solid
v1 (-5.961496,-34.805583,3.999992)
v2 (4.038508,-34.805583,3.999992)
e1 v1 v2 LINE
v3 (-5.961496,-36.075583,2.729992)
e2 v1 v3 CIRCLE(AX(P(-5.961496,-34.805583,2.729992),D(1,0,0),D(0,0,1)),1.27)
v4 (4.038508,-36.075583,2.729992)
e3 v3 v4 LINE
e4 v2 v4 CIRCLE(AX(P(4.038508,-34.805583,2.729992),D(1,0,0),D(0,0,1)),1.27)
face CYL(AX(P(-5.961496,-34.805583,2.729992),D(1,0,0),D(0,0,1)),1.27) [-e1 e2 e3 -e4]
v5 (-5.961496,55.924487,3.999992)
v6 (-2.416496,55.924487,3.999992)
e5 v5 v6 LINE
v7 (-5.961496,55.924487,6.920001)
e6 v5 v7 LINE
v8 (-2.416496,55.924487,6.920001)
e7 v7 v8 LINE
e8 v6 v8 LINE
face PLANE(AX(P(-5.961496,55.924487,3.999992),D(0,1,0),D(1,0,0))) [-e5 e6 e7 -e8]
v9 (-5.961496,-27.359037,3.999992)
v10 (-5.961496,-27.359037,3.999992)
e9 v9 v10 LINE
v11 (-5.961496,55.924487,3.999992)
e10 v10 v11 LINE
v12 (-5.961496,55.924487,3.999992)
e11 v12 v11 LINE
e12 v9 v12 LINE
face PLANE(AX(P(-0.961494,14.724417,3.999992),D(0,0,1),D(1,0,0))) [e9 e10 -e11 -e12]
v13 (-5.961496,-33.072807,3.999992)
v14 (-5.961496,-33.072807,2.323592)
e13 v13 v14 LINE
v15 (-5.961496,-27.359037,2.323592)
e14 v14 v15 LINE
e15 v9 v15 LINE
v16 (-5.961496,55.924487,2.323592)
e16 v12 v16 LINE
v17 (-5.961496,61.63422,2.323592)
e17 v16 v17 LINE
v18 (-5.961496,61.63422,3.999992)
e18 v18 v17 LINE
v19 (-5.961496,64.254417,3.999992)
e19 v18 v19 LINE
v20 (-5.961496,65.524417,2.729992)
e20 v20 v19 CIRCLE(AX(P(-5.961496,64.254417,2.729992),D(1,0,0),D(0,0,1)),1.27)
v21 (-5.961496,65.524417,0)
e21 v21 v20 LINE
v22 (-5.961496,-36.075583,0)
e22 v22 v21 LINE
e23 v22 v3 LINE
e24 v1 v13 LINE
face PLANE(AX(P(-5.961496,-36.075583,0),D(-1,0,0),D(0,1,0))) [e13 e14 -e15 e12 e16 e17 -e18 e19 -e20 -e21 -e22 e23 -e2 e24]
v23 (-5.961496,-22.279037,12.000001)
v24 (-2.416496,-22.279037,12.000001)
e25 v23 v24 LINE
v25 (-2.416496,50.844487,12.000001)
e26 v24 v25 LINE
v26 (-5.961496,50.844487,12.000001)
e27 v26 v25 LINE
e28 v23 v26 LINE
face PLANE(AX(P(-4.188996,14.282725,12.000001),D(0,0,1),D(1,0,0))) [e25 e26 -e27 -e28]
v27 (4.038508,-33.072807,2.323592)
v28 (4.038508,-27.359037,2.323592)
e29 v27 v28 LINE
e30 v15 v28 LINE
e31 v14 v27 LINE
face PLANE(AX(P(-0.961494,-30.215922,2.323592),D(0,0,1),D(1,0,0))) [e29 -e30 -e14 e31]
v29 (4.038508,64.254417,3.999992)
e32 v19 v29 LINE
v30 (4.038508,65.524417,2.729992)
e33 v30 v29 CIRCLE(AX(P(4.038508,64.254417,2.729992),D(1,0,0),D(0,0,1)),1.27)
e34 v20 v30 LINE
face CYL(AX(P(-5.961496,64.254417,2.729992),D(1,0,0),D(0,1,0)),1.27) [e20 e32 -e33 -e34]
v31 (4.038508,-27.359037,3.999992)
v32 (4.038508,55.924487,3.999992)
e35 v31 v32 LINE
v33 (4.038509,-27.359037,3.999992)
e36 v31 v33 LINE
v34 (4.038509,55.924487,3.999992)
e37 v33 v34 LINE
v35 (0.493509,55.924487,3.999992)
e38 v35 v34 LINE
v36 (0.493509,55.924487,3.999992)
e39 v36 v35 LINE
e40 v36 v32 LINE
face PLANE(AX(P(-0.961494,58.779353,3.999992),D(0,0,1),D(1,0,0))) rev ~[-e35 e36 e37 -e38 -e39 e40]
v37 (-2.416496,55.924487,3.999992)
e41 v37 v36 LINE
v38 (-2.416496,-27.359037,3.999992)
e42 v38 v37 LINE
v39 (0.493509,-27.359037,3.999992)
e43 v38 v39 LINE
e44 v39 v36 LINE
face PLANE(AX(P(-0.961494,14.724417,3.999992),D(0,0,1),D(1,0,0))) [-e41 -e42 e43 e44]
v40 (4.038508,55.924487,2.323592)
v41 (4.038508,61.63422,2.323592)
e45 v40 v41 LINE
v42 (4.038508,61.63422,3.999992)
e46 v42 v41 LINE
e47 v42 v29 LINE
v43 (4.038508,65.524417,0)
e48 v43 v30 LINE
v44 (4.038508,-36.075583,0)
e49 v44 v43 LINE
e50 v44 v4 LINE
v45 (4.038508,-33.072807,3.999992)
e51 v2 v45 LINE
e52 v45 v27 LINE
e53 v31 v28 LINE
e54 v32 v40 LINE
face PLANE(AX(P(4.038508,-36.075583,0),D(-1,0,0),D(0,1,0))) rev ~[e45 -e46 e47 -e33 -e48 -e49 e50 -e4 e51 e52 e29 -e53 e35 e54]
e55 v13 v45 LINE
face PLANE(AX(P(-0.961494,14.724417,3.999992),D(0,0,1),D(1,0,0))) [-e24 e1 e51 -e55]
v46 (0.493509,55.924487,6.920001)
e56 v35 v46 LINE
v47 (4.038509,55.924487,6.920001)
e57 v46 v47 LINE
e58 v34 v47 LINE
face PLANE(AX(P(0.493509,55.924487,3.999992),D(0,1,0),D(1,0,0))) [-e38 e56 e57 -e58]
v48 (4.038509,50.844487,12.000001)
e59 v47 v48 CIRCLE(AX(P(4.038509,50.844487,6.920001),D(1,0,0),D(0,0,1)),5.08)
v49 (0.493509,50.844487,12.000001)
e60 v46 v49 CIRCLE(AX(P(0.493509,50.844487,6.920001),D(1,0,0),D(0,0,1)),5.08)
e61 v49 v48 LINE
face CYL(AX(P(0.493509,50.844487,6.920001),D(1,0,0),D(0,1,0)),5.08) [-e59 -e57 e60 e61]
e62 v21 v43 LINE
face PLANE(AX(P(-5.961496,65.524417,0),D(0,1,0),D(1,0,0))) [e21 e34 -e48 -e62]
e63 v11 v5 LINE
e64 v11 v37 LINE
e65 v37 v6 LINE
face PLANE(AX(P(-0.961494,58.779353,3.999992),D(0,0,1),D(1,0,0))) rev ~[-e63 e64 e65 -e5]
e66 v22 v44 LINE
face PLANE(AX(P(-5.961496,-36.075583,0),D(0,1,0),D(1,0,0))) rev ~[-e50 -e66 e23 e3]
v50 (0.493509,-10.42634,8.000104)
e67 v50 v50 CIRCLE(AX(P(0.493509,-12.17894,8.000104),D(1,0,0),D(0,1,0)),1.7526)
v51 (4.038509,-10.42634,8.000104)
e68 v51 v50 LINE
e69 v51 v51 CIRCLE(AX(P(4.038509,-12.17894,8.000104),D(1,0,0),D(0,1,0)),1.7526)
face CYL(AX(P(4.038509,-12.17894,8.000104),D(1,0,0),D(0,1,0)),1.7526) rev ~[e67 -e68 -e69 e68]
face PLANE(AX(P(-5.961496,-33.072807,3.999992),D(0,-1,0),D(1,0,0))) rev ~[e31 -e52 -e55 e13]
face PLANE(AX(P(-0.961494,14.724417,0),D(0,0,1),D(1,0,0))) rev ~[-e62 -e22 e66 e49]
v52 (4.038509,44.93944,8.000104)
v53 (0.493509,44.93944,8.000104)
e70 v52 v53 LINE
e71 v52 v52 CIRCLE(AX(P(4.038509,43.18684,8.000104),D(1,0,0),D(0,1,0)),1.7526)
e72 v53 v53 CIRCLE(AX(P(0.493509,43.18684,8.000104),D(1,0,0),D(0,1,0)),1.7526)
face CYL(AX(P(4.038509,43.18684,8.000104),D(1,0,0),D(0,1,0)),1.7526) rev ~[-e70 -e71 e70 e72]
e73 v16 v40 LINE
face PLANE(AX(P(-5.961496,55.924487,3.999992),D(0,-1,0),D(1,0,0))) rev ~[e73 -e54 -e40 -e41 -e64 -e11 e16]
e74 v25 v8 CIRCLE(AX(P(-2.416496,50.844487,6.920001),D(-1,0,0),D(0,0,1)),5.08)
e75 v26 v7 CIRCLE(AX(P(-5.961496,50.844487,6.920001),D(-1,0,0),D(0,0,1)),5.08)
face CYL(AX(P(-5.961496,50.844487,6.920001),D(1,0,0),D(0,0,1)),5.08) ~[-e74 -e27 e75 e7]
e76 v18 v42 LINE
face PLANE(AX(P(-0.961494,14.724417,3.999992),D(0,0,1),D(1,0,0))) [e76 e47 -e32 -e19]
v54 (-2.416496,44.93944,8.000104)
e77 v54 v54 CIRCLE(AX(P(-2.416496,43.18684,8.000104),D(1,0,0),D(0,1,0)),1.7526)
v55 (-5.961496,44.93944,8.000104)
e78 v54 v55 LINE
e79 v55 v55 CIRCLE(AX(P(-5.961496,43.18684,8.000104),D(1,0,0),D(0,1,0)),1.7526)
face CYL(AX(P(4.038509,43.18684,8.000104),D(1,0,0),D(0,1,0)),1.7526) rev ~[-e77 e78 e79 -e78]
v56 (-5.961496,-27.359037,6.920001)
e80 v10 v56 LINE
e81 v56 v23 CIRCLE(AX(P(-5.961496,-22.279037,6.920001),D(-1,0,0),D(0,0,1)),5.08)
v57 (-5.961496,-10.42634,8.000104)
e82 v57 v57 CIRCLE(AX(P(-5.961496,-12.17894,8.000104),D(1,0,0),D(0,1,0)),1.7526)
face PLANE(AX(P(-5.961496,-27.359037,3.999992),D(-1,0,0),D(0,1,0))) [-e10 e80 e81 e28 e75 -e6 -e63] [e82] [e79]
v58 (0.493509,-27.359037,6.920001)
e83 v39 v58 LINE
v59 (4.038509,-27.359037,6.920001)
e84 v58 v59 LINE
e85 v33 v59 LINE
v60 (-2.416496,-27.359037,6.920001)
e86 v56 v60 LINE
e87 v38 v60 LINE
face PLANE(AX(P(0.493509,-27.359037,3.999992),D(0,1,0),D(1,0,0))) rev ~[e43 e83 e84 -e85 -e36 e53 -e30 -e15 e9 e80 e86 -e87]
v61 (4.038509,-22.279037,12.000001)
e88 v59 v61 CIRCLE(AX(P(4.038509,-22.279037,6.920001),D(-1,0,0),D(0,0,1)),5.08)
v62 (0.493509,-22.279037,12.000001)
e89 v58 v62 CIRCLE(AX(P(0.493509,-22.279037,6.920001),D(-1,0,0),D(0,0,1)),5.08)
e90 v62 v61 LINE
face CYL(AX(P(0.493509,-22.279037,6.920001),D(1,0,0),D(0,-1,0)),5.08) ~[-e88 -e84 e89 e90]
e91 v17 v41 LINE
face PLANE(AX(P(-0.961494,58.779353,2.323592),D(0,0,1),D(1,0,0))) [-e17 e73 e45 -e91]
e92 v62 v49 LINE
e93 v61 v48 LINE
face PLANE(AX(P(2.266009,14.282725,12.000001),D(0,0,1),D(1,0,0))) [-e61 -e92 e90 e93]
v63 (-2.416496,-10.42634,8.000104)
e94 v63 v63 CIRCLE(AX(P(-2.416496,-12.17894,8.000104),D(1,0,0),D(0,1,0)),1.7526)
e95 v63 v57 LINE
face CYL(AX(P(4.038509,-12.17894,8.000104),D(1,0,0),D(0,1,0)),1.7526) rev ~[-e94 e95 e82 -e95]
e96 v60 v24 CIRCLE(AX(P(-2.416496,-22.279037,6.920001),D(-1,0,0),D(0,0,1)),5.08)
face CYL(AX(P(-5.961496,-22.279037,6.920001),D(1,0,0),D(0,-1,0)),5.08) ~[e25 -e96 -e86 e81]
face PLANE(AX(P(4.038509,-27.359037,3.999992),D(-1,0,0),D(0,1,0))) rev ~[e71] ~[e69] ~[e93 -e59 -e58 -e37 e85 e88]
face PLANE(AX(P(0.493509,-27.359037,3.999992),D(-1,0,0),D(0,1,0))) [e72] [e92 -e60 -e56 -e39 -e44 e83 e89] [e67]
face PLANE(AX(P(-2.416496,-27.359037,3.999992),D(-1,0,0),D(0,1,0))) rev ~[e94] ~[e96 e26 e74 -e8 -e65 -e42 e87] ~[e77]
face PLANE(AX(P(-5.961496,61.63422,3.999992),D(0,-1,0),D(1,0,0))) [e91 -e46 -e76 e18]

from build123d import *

# Parameters (mm, degrees)
F0_W     = 10.000005
F0_H     = 101.6
F1_DEPTH = 3.999992
F2_W     = 3.545
F2_H     = 83.283524
F3_DEPTH = 8.000009
F4_W     = 10.000005
F4_H     = 5.709733
F4_H_2   = 5.71377
F5_DEPTH = 1.6764
F6_DEPTH = 1.6764
F7_R     = 1.7526
F8_DEPTH = 25.4
F9_R     = 5.08
F10_R    = 5.08
F11_R    = 1.27
F12_R    = 5.08
F13_R    = 5.08
F14_R    = 1.27


with BuildPart() as f1:
    # F0 (on Top) → F1 (new body)
    with BuildSketch(Plane.XY):
        with Locations((-0.961494, 14.724417)):
            Rectangle(F0_W, F0_H)
    extrude(amount=F1_DEPTH)

    # F2 (on face) → F3 (join)
    with BuildSketch(Plane.XY.offset(3.999992)):
        with Locations((2.266009, 14.282725)):
            Rectangle(F2_W, F2_H)
        with Locations((-4.188996, 14.282725)):
            Rectangle(F2_W, F2_H)
    extrude(amount=F3_DEPTH)

    # F4 (on face) → F5 (cut)
    with BuildSketch(Plane.XY.offset(3.999992)):
        with Locations((-0.961494, 58.779353)):
            Rectangle(F4_W, F4_H)
        with Locations((-0.961494, -30.215922)):
            Rectangle(F4_W, F4_H_2)
    extrude(amount=-F5_DEPTH, mode=Mode.SUBTRACT)

    # F4 (on face) → F6 (cut)
    with BuildSketch(Plane.XY.offset(3.999992)):
        with Locations((-0.961494, 58.779353)):
            Rectangle(F4_W, F4_H)
        with Locations((-0.961494, -30.215922)):
            Rectangle(F4_W, F4_H_2)
    extrude(amount=-F6_DEPTH, mode=Mode.SUBTRACT)

    # F7 (on face) → F8 (cut)
    with BuildSketch(Plane.YZ.offset(4.038509)):
        with Locations((-12.17894, 8.000104)):
            Circle(F7_R)
        with Locations((43.18684, 8.000104)):
            Circle(F7_R)
    extrude(amount=-F8_DEPTH, mode=Mode.SUBTRACT)

    # F9
    f9_edges = [f1.edges().sort_by_distance(p)[0] for p in [
        (-4.188996, -27.359037, 12.000001),
    ]]
    fillet(f9_edges, radius=F9_R)

    # F10
    f10_edges = [f1.edges().sort_by_distance(p)[0] for p in [
        (2.266009, -27.359037, 12.000001),
    ]]
    fillet(f10_edges, radius=F10_R)

    # F11
    f11_edges = [f1.edges().sort_by_distance(p)[0] for p in [
        (-0.961494, -36.075583, 3.999992),
    ]]
    fillet(f11_edges, radius=F11_R)

    # F12
    f12_edges = [f1.edges().sort_by_distance(p)[0] for p in [
        (2.266009, 55.924487, 12.000001),
    ]]
    fillet(f12_edges, radius=F12_R)

    # F13
    f13_edges = [f1.edges().sort_by_distance(p)[0] for p in [
        (-4.188996, 55.924487, 12.000001),
    ]]
    fillet(f13_edges, radius=F13_R)

    # F14
    f14_edges = [f1.edges().sort_by_distance(p)[0] for p in [
        (-0.961494, 65.524417, 3.999992),
    ]]
    fillet(f14_edges, radius=F14_R)


solid = f1.part
